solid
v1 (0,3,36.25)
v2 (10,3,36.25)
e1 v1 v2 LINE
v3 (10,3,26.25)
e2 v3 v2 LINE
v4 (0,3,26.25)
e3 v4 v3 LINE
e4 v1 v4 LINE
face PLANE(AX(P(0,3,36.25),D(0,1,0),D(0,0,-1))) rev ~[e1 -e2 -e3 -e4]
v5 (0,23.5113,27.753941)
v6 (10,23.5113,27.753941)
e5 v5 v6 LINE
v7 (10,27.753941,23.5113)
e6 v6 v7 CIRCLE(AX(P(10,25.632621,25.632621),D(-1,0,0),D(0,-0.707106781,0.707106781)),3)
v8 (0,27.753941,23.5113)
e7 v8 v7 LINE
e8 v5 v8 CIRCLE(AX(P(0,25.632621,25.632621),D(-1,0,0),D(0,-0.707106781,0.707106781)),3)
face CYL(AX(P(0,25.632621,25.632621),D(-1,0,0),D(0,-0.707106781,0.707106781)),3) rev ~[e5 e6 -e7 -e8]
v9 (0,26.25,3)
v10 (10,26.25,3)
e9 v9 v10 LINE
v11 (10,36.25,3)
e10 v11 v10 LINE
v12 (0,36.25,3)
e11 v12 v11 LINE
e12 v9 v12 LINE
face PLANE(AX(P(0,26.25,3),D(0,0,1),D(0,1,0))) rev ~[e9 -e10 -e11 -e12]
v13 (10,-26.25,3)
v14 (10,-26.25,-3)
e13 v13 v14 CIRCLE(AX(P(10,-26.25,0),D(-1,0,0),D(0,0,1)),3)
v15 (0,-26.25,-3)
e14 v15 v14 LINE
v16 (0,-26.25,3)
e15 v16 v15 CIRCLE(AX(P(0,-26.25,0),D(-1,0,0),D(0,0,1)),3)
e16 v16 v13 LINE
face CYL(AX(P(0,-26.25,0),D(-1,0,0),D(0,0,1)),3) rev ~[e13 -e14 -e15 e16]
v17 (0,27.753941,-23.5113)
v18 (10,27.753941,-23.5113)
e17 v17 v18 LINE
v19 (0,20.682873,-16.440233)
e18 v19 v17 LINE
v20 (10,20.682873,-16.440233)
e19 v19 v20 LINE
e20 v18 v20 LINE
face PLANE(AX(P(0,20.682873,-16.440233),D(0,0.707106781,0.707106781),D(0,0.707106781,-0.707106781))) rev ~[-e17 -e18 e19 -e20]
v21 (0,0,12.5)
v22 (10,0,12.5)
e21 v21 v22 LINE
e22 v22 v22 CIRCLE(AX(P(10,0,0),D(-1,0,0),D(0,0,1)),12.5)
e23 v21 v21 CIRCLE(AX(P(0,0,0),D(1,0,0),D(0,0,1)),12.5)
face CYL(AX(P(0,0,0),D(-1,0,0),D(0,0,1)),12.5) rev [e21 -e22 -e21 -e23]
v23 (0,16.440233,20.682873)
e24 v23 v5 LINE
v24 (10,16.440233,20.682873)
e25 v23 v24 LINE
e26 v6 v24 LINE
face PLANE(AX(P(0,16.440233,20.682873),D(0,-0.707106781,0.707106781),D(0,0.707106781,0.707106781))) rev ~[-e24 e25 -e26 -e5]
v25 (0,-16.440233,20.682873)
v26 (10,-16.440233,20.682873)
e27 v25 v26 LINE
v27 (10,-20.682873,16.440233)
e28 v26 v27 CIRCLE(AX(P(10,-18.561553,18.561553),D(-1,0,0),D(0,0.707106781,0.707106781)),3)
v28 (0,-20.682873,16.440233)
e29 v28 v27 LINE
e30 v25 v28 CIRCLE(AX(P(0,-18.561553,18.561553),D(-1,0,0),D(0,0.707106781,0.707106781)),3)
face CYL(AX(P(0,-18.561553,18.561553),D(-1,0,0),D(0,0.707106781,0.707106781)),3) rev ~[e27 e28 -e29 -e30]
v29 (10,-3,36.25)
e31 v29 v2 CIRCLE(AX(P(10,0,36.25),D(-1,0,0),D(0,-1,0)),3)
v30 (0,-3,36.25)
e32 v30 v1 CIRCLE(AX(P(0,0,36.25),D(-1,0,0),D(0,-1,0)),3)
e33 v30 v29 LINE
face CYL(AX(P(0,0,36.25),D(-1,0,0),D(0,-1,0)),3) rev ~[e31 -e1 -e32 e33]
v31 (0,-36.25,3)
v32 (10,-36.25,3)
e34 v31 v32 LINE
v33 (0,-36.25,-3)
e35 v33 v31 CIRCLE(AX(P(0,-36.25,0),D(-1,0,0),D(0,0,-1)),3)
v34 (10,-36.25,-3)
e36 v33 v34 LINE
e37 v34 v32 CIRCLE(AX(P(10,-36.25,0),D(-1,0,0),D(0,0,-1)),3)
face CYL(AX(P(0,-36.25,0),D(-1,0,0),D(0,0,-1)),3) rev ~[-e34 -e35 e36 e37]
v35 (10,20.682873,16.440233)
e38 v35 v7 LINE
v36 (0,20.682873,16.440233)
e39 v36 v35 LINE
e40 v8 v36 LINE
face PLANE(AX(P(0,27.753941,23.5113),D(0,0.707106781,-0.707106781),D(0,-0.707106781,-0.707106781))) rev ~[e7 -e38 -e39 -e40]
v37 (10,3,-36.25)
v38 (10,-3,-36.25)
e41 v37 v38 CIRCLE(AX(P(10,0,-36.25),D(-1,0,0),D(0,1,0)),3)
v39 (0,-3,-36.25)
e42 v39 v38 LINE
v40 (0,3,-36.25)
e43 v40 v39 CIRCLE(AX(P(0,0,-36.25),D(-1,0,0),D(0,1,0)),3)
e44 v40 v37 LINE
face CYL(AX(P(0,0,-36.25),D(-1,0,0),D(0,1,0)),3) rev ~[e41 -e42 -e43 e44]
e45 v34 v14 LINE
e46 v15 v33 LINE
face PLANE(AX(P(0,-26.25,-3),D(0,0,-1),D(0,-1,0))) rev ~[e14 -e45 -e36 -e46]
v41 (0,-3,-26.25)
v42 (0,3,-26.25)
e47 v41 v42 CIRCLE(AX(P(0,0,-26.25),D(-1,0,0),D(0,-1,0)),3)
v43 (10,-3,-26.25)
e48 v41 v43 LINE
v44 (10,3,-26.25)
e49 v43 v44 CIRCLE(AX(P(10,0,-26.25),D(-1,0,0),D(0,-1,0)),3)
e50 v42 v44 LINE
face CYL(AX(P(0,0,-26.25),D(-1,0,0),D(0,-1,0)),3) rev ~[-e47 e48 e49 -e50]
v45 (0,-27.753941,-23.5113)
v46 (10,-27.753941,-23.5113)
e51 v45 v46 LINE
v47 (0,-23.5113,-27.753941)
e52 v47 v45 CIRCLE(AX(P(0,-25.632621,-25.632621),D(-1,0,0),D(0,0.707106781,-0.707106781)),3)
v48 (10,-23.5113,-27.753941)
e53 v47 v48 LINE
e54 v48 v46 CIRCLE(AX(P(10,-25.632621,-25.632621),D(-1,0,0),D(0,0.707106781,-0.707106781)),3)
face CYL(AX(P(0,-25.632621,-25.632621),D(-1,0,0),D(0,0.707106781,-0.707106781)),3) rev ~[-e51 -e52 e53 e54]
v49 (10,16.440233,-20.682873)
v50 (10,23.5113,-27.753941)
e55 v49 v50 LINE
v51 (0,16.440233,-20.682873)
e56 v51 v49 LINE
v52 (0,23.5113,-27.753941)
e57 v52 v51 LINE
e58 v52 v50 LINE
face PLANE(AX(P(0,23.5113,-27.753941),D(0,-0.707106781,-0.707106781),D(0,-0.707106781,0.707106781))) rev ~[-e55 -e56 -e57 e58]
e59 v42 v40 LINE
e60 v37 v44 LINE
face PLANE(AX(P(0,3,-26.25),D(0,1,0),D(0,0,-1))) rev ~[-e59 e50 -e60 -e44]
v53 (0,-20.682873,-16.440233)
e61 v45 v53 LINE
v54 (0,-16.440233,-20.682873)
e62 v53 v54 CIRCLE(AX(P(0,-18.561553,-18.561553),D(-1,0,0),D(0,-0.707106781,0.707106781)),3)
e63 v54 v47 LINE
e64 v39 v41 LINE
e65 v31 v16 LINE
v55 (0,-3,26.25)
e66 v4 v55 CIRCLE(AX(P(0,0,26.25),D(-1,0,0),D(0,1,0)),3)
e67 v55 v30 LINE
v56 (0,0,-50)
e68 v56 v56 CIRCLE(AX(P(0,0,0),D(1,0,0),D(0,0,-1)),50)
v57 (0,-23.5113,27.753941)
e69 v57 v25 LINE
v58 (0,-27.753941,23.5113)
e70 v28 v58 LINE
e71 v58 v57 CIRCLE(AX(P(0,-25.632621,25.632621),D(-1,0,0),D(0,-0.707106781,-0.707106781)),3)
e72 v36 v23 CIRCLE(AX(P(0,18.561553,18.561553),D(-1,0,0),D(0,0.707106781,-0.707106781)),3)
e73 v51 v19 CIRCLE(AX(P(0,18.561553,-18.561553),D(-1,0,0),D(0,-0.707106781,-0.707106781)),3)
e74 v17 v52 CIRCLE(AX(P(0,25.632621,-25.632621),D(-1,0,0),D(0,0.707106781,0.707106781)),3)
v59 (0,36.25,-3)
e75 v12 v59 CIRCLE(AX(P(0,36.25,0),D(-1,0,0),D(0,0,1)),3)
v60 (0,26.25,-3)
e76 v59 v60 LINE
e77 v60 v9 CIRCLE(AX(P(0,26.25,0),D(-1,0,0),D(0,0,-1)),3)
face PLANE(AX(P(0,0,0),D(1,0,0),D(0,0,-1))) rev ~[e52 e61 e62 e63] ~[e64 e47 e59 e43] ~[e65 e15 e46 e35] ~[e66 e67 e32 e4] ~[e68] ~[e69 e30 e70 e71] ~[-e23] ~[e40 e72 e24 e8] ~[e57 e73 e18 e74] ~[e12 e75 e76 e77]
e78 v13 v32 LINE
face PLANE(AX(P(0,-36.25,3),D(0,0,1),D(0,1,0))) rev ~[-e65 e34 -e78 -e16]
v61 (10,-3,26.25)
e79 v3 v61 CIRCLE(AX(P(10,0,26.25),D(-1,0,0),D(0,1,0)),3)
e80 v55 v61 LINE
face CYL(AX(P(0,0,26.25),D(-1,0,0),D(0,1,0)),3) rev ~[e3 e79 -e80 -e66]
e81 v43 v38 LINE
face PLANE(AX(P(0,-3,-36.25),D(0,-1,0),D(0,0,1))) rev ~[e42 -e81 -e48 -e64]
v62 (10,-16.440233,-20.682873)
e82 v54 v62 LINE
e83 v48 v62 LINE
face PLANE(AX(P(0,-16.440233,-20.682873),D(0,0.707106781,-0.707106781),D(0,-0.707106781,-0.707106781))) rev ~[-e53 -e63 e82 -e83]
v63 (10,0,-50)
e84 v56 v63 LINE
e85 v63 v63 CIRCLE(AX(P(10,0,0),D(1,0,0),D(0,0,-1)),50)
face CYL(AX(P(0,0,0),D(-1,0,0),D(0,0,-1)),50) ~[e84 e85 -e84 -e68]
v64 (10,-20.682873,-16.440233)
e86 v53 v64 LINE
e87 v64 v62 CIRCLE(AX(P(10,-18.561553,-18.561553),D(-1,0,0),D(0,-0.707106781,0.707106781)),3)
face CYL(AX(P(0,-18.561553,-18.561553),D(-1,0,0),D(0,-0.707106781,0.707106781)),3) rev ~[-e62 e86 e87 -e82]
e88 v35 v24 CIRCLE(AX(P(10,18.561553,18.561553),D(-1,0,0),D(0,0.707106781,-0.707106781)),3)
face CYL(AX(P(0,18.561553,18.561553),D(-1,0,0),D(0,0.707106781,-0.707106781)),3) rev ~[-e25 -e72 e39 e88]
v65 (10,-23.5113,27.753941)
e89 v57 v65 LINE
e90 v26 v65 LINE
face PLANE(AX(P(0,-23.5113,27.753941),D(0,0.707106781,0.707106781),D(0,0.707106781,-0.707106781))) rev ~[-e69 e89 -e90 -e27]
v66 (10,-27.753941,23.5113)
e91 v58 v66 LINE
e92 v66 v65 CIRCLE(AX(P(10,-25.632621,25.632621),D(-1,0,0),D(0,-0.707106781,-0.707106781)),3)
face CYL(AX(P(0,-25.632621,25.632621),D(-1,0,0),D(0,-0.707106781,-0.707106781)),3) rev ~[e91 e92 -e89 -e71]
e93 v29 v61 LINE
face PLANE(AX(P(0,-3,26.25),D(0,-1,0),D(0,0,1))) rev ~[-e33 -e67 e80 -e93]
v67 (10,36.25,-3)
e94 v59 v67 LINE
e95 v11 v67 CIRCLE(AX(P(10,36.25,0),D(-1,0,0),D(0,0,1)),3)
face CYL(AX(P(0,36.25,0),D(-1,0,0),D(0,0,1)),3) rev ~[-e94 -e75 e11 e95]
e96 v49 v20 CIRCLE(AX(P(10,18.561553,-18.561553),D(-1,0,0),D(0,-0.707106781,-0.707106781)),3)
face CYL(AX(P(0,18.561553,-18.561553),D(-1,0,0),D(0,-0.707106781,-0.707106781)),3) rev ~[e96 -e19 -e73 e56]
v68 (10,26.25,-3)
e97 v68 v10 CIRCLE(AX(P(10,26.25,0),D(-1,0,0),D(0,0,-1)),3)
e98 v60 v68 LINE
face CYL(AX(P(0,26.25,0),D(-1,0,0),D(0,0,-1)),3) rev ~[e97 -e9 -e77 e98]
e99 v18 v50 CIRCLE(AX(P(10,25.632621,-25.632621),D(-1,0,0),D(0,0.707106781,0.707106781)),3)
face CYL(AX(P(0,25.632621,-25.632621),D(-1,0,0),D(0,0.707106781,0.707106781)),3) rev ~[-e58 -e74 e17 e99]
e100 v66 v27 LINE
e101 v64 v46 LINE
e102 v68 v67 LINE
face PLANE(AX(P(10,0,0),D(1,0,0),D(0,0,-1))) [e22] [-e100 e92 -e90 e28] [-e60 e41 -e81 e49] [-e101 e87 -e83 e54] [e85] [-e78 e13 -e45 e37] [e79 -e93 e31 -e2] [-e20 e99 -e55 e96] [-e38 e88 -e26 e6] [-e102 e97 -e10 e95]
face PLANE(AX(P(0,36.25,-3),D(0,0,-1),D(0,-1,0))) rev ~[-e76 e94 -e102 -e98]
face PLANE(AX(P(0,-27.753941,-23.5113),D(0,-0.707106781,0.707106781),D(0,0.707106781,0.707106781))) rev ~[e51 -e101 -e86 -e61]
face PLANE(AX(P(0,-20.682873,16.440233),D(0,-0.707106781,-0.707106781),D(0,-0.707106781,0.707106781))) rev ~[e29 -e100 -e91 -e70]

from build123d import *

# Parameters (mm, degrees)
SKETCH1_R             = 50
BOSS_EXTRUDE2_DEPTH   = 10
SKETCH1_4_OUTSIDE_W   = 130.354
SKETCH1_4_OUTSIDE_H   = 130.354
SKETCH1_4_OUTSIDE_R   = 50
SKETCH1_4_OUTSIDE_R_2 = 12.5
CUT_EXTRUDE2_DEPTH    = 13


with BuildPart() as part:
    # Sketch1 → Boss-Extrude2 (new body)
    with BuildSketch(Plane(origin=(0, 0, 0), x_dir=(0, 0, -1), z_dir=(1, 0, 0))):
        Circle(SKETCH1_R)
    extrude(amount=BOSS_EXTRUDE2_DEPTH)

    # Sketch1<4> outside → Cut-Extrude2 (cut)
    # profile 1 of 10: a face of its own
    with BuildSketch(Plane(origin=(0, 0, 0), x_dir=(0, 0, -1), z_dir=(1, 0, 0))):
        Rectangle(SKETCH1_4_OUTSIDE_W, SKETCH1_4_OUTSIDE_H)
        Circle(SKETCH1_4_OUTSIDE_R, mode=Mode.SUBTRACT)
    # profile 2 of 10: a face of its own
    with BuildSketch(Plane(origin=(0, 0, 0), x_dir=(0, 0, -1), z_dir=(1, 0, 0))):
        Circle(SKETCH1_4_OUTSIDE_R_2)
    # profile 3 of 10: a face of its own
    with BuildSketch(Plane(origin=(0, 0, 0), x_dir=(0, 0, -1), z_dir=(1, 0, 0))):
        with BuildLine():
            Line((3, 36.25), (3, 26.25))
            ThreePointArc((3, 26.25), (0, 23.25), (-3, 26.25))
            Line((-3, 26.25), (-3, 36.25))
            ThreePointArc((-3, 36.25), (0, 39.25), (3, 36.25))
        make_face()
    # profile 4 of 10: a face of its own
    with BuildSketch(Plane(origin=(0, 0, 0), x_dir=(0, 0, -1), z_dir=(1, 0, 0))):
        with BuildLine():
            Line((27.753941162, 23.511300474), (20.68287335, 16.440232663))
            ThreePointArc((20.68287335, 16.440232663), (16.440232663, 16.440232663), (16.440232663, 20.68287335))
            Line((16.440232663, 20.68287335), (23.511300474, 27.753941162))
            ThreePointArc((23.511300474, 27.753941162), (27.753941162, 27.753941162), (27.753941162, 23.511300474))
        make_face()
    # profile 5 of 10: a face of its own
    with BuildSketch(Plane(origin=(0, 0, 0), x_dir=(0, 0, -1), z_dir=(1, 0, 0))):
        with BuildLine():
            Line((36.25, -3), (26.25, -3))
            ThreePointArc((26.25, -3), (23.25, 0), (26.25, 3))
            Line((26.25, 3), (36.25, 3))
            ThreePointArc((36.25, 3), (39.25, 0), (36.25, -3))
        make_face()
    # profile 6 of 10: a face of its own
    with BuildSketch(Plane(origin=(0, 0, 0), x_dir=(0, 0, -1), z_dir=(1, 0, 0))):
        with BuildLine():
            Line((23.511300474, -27.753941162), (16.440232663, -20.68287335))
            ThreePointArc((16.440232663, -20.68287335), (16.440232663, -16.440232663), (20.68287335, -16.440232663))
            Line((20.68287335, -16.440232663), (27.753941162, -23.511300474))
            ThreePointArc((27.753941162, -23.511300474), (27.753941162, -27.753941162), (23.511300474, -27.753941162))
        make_face()
    # profile 7 of 10: a face of its own
    with BuildSketch(Plane(origin=(0, 0, 0), x_dir=(0, 0, -1), z_dir=(1, 0, 0))):
        with BuildLine():
            Line((-3, -36.25), (-3, -26.25))
            ThreePointArc((-3, -26.25), (0, -23.25), (3, -26.25))
            Line((3, -26.25), (3, -36.25))
            ThreePointArc((3, -36.25), (0, -39.25), (-3, -36.25))
        make_face()
    # profile 8 of 10: a face of its own
    with BuildSketch(Plane(origin=(0, 0, 0), x_dir=(0, 0, -1), z_dir=(1, 0, 0))):
        with BuildLine():
            Line((-27.753941162, -23.511300474), (-20.68287335, -16.440232663))
            ThreePointArc((-20.68287335, -16.440232663), (-16.440232663, -16.440232663), (-16.440232663, -20.68287335))
            Line((-16.440232663, -20.68287335), (-23.511300474, -27.753941162))
            ThreePointArc((-23.511300474, -27.753941162), (-27.753941162, -27.753941162), (-27.753941162, -23.511300474))
        make_face()
    # profile 9 of 10: a face of its own
    with BuildSketch(Plane(origin=(0, 0, 0), x_dir=(0, 0, -1), z_dir=(1, 0, 0))):
        with BuildLine():
            Line((-36.25, 3), (-26.25, 3))
            ThreePointArc((-26.25, 3), (-23.25, 0), (-26.25, -3))
            Line((-26.25, -3), (-36.25, -3))
            ThreePointArc((-36.25, -3), (-39.25, 0), (-36.25, 3))
        make_face()
    # profile 10 of 10: a face of its own
    with BuildSketch(Plane(origin=(0, 0, 0), x_dir=(0, 0, -1), z_dir=(1, 0, 0))):
        with BuildLine():
            Line((-23.511300474, 27.753941162), (-16.440232663, 20.68287335))
            ThreePointArc((-16.440232663, 20.68287335), (-16.440232663, 16.440232663), (-20.68287335, 16.440232663))
            Line((-20.68287335, 16.440232663), (-27.753941162, 23.511300474))
            ThreePointArc((-27.753941162, 23.511300474), (-27.753941162, 27.753941162), (-23.511300474, 27.753941162))
        make_face()
    extrude(amount=CUT_EXTRUDE2_DEPTH, mode=Mode.SUBTRACT)


solid = part.part
